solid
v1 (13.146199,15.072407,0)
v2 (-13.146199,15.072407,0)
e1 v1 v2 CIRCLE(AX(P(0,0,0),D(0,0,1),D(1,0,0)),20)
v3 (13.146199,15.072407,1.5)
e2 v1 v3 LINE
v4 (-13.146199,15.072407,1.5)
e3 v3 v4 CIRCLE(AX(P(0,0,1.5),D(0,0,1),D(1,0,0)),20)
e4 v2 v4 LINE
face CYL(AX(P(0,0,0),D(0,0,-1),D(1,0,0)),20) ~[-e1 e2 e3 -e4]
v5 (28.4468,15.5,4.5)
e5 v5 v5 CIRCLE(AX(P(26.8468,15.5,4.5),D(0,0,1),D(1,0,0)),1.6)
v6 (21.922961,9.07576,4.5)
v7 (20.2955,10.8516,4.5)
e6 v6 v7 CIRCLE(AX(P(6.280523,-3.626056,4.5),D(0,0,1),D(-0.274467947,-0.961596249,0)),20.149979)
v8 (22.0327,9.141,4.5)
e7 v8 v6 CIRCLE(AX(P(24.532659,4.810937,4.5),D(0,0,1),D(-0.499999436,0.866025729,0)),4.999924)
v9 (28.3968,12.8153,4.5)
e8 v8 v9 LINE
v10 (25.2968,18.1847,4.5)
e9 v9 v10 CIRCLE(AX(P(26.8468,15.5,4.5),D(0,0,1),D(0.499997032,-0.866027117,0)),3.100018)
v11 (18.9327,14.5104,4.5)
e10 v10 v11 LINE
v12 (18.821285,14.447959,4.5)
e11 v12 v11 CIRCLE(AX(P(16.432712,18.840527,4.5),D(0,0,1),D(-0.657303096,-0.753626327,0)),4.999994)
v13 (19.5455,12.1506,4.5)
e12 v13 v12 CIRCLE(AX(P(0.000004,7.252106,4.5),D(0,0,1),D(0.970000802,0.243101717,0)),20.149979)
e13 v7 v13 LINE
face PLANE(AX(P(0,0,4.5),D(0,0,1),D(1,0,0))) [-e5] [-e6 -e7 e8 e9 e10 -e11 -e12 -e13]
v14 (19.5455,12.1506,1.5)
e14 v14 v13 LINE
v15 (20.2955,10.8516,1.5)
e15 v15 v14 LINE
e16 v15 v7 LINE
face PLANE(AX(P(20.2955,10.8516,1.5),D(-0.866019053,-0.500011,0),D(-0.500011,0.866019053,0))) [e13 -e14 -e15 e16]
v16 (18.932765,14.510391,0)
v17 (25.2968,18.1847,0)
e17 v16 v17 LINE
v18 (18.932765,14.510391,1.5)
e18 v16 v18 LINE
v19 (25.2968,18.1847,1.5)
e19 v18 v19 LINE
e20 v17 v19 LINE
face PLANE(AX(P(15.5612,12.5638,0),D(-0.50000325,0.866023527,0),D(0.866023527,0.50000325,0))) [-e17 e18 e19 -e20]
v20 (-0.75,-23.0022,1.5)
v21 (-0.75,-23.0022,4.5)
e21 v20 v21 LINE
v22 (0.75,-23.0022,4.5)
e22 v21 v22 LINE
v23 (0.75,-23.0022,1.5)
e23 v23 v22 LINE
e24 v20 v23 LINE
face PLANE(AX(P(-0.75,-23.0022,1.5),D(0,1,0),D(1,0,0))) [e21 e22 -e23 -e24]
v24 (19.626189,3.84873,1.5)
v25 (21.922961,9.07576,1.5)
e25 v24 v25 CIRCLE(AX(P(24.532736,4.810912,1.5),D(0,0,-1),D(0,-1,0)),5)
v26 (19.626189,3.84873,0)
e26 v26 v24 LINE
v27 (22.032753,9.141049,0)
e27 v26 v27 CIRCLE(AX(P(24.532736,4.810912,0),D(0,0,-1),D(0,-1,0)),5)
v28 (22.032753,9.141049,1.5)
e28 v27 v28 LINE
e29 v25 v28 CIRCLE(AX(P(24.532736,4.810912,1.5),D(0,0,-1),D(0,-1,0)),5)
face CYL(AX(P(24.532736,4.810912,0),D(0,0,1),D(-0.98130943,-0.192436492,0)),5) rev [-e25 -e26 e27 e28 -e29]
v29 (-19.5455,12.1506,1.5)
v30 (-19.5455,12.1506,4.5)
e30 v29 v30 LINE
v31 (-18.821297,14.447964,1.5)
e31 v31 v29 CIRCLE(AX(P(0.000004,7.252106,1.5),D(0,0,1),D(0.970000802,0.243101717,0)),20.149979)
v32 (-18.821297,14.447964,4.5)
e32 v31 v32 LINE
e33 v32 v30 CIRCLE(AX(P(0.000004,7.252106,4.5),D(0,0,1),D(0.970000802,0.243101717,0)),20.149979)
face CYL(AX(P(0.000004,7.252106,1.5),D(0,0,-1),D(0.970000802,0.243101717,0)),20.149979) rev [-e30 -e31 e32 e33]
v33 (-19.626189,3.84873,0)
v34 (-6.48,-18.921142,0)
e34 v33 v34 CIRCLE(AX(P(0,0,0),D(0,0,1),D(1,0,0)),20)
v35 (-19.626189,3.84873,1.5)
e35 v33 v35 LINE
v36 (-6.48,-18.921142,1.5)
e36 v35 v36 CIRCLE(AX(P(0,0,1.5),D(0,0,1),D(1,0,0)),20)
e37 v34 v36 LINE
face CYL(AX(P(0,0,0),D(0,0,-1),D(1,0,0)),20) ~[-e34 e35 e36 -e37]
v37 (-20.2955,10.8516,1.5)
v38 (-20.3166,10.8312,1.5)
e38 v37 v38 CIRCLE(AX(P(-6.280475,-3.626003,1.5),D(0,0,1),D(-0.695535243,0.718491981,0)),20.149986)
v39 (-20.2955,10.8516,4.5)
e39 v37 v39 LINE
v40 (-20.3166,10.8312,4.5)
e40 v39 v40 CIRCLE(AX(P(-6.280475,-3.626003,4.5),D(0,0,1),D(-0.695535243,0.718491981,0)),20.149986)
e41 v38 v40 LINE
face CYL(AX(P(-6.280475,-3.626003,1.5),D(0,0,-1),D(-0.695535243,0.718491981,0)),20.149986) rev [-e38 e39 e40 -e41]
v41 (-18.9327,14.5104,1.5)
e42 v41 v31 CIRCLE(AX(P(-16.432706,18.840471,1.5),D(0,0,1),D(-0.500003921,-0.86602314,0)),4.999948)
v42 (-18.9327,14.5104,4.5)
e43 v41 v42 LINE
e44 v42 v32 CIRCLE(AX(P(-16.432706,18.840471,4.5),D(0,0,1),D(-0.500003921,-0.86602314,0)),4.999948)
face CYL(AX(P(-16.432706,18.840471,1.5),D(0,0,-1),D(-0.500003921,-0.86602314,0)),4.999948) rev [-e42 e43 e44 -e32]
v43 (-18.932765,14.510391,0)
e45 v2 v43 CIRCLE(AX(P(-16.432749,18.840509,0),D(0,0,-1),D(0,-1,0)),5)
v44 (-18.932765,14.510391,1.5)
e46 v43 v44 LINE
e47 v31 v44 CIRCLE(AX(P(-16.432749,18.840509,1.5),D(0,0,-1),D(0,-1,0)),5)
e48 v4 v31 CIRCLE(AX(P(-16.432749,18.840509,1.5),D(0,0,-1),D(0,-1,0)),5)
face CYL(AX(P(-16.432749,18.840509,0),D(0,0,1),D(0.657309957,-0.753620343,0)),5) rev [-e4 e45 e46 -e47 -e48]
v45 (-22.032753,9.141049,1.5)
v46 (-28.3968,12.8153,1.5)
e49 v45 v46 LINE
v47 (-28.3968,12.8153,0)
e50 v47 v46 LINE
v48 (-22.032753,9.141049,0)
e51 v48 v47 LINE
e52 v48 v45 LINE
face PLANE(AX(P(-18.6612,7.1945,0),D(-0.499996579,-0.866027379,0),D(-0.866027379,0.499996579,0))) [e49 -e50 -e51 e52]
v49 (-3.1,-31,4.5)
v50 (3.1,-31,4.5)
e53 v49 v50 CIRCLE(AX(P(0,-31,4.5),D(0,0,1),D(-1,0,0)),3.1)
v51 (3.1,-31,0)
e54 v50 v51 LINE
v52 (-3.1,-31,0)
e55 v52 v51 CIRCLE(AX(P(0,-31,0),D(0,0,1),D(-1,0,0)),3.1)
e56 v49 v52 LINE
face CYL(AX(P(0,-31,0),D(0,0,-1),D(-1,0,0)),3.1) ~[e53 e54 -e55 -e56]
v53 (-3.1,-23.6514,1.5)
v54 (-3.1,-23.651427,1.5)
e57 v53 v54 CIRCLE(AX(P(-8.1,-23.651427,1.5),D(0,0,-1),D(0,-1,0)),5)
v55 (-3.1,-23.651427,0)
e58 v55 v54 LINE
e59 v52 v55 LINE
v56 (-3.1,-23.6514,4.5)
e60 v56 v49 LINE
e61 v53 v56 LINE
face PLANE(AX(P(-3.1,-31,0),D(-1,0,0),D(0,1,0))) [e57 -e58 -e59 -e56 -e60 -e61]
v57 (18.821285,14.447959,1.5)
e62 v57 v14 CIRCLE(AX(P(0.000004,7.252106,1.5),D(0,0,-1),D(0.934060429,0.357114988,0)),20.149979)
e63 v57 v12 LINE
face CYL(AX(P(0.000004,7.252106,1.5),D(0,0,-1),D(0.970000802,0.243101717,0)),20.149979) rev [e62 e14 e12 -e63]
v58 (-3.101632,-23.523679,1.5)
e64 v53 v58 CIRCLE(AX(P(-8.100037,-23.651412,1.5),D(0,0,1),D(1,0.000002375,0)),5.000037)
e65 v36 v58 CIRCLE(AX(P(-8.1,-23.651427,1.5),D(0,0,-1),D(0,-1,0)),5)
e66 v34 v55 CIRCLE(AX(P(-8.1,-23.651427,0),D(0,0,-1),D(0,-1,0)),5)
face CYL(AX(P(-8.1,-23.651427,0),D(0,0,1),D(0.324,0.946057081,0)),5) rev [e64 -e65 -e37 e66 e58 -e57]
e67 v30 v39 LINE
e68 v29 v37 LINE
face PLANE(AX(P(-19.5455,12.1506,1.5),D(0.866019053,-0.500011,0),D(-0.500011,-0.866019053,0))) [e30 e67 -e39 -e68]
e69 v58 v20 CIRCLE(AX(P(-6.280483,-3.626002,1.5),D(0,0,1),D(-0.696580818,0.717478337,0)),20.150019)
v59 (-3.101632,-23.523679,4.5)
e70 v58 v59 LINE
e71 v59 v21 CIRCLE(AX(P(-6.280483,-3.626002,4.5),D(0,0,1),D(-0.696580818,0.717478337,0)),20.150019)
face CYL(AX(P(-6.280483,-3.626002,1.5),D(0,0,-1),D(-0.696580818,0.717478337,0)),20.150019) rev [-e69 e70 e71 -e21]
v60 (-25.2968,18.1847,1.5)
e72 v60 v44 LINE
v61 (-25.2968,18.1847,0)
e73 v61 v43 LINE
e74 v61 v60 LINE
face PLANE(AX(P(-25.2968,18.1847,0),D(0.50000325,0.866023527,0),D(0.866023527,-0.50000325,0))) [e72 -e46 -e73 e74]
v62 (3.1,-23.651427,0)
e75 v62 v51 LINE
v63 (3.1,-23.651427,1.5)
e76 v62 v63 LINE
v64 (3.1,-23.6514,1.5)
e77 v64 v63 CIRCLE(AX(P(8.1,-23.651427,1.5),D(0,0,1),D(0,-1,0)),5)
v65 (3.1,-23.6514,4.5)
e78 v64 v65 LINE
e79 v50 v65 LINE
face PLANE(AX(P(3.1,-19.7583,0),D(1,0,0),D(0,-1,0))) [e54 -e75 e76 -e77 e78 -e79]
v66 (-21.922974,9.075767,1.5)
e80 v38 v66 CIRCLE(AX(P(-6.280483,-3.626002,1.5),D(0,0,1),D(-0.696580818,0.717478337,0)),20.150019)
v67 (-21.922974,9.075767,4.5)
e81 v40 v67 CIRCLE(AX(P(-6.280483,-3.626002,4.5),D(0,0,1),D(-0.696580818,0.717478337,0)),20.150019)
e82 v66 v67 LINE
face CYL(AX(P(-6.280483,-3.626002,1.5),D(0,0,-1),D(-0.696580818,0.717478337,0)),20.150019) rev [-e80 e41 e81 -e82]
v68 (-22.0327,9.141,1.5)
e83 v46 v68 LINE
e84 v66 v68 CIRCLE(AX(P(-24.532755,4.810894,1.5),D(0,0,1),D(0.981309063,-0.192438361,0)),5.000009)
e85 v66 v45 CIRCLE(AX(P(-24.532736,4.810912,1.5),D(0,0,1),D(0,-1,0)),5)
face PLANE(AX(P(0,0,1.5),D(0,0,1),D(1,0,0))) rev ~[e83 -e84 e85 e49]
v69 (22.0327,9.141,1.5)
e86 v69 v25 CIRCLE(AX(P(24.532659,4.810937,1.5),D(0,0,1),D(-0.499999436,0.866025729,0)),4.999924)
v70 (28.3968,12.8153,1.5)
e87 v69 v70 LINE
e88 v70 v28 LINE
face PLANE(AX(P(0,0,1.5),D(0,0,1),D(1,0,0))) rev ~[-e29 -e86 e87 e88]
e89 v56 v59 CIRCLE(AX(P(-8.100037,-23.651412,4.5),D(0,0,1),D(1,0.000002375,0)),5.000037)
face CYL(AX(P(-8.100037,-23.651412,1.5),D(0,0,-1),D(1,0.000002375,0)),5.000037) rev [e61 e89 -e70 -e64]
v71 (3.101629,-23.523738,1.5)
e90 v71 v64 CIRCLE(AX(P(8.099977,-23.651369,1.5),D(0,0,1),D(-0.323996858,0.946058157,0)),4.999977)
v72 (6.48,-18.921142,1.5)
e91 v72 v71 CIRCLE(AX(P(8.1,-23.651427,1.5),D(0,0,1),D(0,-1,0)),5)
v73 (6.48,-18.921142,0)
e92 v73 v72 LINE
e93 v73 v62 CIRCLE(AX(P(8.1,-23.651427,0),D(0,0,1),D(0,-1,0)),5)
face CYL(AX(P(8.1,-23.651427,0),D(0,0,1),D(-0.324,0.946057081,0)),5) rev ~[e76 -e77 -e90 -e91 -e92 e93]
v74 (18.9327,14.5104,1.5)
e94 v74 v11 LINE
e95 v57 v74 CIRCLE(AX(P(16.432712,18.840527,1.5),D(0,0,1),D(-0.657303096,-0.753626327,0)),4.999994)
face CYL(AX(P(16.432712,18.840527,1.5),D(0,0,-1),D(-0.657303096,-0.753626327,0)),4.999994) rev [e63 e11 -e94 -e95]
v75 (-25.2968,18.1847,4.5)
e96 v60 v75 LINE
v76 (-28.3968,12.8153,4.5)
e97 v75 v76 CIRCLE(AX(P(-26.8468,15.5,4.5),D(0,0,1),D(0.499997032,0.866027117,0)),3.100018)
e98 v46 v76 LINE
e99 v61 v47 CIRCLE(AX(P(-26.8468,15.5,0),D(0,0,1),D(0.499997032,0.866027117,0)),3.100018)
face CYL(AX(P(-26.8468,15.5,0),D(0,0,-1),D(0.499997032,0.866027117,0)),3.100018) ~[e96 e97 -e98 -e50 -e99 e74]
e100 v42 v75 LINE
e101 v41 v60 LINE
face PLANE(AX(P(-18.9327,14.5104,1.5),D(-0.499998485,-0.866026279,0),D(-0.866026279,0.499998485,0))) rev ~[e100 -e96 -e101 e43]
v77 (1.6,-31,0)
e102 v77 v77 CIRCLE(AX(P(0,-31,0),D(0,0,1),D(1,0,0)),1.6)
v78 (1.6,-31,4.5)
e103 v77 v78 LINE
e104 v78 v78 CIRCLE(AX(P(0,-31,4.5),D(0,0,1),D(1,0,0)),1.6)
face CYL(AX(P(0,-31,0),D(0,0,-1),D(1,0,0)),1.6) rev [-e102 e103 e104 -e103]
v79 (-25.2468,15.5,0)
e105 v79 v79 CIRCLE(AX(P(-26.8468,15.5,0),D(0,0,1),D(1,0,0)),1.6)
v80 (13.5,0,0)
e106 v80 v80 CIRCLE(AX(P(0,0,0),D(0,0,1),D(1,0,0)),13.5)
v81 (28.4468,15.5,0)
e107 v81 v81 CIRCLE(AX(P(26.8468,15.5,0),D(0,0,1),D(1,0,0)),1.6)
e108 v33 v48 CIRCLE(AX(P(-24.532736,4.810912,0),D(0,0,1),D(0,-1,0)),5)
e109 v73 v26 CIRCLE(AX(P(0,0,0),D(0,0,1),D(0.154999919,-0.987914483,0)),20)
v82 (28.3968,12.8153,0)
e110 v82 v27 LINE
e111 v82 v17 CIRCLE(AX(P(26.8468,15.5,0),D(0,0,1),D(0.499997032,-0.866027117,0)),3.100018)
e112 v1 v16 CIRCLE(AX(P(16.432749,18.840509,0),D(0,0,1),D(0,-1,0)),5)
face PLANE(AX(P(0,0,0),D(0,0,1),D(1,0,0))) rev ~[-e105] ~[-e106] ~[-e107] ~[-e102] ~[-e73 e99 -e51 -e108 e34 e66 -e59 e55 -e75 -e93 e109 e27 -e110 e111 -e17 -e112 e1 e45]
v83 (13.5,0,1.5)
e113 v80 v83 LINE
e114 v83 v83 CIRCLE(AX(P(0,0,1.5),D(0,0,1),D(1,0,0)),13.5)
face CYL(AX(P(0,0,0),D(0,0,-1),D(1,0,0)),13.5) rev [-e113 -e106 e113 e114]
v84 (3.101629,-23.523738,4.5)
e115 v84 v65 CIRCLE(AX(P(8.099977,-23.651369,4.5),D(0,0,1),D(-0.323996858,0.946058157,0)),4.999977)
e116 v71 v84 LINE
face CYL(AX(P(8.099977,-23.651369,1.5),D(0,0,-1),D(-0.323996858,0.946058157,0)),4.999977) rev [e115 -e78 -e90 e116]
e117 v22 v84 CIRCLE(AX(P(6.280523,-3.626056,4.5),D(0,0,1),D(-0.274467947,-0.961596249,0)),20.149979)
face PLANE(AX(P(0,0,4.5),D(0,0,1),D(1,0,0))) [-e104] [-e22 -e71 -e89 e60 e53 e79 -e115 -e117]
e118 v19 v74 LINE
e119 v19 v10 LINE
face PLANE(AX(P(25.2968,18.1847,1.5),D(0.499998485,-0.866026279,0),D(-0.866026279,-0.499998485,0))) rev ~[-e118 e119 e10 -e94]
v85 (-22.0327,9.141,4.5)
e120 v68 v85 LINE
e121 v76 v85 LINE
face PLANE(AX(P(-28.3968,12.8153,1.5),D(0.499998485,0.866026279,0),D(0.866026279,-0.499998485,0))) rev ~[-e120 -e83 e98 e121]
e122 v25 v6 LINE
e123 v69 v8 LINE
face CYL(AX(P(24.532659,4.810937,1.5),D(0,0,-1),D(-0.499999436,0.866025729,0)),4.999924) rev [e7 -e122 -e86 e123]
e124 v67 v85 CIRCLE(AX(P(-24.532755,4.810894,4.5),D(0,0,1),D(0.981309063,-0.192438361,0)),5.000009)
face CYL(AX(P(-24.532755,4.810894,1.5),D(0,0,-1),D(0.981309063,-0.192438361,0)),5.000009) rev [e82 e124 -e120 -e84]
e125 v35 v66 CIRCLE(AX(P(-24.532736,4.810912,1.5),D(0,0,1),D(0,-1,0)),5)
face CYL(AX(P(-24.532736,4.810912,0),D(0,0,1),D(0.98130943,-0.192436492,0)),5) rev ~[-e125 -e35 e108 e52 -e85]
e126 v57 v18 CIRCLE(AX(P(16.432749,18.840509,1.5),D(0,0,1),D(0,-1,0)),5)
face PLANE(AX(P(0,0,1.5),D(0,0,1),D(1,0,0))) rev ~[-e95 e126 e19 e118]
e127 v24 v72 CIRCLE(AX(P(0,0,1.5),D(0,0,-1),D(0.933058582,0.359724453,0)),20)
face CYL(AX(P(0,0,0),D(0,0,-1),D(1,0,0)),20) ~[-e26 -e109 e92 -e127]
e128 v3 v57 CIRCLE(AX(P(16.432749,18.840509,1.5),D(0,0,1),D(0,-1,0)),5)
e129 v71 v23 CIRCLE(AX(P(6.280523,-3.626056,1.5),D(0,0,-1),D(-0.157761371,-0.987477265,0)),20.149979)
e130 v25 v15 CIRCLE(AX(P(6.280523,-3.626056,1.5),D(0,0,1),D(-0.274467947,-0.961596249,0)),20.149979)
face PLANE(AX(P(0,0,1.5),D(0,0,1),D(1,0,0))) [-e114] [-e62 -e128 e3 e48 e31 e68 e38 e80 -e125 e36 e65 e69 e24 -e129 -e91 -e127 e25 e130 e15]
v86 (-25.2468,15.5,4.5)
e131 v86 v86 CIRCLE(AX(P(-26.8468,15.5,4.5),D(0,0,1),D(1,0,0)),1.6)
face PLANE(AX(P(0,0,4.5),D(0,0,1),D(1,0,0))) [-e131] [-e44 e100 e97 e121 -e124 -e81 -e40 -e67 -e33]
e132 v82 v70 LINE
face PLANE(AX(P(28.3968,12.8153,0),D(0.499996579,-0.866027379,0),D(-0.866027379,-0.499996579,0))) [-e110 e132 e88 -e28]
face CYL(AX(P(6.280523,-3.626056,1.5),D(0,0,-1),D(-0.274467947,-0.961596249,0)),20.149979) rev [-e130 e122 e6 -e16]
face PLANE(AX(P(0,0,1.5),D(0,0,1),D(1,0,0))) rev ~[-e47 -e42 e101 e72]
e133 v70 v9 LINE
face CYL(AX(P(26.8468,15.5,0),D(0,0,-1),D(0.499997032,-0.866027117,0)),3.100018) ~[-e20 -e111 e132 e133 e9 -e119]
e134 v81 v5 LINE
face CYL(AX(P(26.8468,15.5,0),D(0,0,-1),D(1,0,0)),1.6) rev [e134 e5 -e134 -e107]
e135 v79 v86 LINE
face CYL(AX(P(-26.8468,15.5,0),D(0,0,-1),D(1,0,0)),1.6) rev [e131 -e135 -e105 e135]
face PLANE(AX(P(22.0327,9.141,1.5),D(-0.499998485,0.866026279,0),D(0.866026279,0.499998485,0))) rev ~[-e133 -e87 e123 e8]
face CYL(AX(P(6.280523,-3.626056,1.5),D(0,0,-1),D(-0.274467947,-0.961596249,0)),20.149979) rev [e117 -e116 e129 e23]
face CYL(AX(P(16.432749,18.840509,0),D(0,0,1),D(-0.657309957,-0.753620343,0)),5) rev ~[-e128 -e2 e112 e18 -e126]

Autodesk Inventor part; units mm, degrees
ref_plane "YZ Plane" through (0, 0, 0) normal (1, 0, 0) x (0, 1, 0)
ref_plane "XZ Plane" through (0, 0, 0) normal (0, 1, 0) x (-1, 0, 0)
ref_plane "XY Plane" through (0, 0, 0) normal (0, 0, 1) x (1, 0, 0)
sketch "Sketch1" plane through (0, 0, 0) normal (0, 0, 1) x (1, 0, 0)
  circle A0 centre (0, -31) radius 1.6
  circle A1 centre (0, 0) radius 13.5
  circle A2 centre (0, 0) radius 20
  line L0 (0, 0) -> (0, -31) construction
  line L1 (0, -31) -> (0, -7.0396) construction
  line L2 (-3.1, -31) -> (-3.1, -19.7583)
  arc A3 (-3.1, -31) -> (3.1, -31) centre (0, -31) ccw
  line L3 (3.1, -19.7583) -> (3.1, -31)
  circle A4 centre (26.8468, 15.5) radius 1.6
  line L4 (0, 0) -> (26.8468, 15.5) construction
  line L5 (26.8468, 15.5) -> (6.0965, 3.5198) construction
  line L6 (28.3968, 12.8153) -> (18.6612, 7.1945)
  arc A5 (28.3968, 12.8153) -> (25.2968, 18.1847) centre (26.8468, 15.5) ccw
  line L7 (15.5612, 12.5638) -> (25.2968, 18.1847)
  circle A6 centre (-26.8468, 15.5) radius 1.6
  line L8 (0, 0) -> (-26.8468, 15.5) construction
  line L9 (-26.8468, 15.5) -> (-6.0965, 3.5198) construction
  line L10 (-25.2968, 18.1847) -> (-15.5612, 12.5638)
  arc A7 (-25.2968, 18.1847) -> (-28.3968, 12.8153) centre (-26.8468, 15.5) ccw
  line L11 (-18.6612, 7.1945) -> (-28.3968, 12.8153)
  point P0 (18.6612, 7.1945)
  point P1 (15.5612, 12.5638)
  dimension "d4" = 31
  dimension "d5" = 3.2
  dimension "d6" = 27
  dimension "d7" = 40
  dimension "d8" = 1.5
  dimension "d11" = 360
extrude "Extrusion1" add sketch "Sketch1" along normal blind 1.5
fillet "Fillet1" radius 5 6 edges at (-15.5612, 12.5638, 0.75) (15.5612, 12.5638, 0.75) (18.6612, 7.1945, 0.75) (-18.6612, 7.1945, 0.75) (-3.1, -19.7583, 0.75) (3.1, -19.7583, 0.75)
sketch "Sketch2" plane through (0, 0, 1.5) normal (0, 0, 1) x (1, 0, 0)
  arc A0 (-20.2121, 10.7235) -> (-0.8192, -22.866) centre (-6.2805, -3.626) ccw construction
  arc A1 (0.8192, -22.866) -> (20.2121, 10.7235) centre (6.2805, -3.626) ccw construction
  circle A2 centre (0, 0) radius 13.5 construction
  arc A3 (-20.3166, 10.8312) -> (-0.75, -23.0022) centre (-6.2805, -3.626) ccw
  arc A4 (0.75, -23.0022) -> (19.7139, 11.3928) centre (6.2805, -3.626) ccw
  line L0 (-0.75, -23.0022) -> (0.75, -23.0022)
  line L1 (25.2968, 18.1847) -> (18.9327, 14.5104) projected
  arc A5 (13.1462, 15.0724) -> (18.9327, 14.5104) centre (16.4327, 18.8405) ccw projected
  arc A6 (13.1462, 15.0724) -> (-13.1462, 15.0724) centre (0, 0) ccw projected
  arc A7 (-18.9327, 14.5104) -> (-13.1462, 15.0724) centre (-16.4327, 18.8405) ccw projected
  line L2 (-18.9327, 14.5104) -> (-25.2968, 18.1847) projected
  arc A8 (-25.2968, 18.1847) -> (-28.3968, 12.8153) centre (-26.8468, 15.5) ccw projected
  line L3 (-28.3968, 12.8153) -> (-22.0327, 9.141) projected
  arc A9 (-19.6262, 3.8487) -> (-22.0327, 9.141) centre (-24.5327, 4.8109) ccw projected
  arc A10 (-19.6262, 3.8487) -> (-6.48, -18.9211) centre (0, 0) ccw projected
  arc A11 (-3.1, -23.6514) -> (-6.48, -18.9211) centre (-8.1, -23.6514) ccw projected
  line L4 (-3.1, -23.6514) -> (-3.1, -31) projected
  arc A12 (-3.1, -31) -> (3.1, -31) centre (0, -31) ccw projected
  line L5 (3.1, -31) -> (3.1, -23.6514) projected
  arc A13 (6.48, -18.9211) -> (3.1, -23.6514) centre (8.1, -23.6514) ccw projected
  arc A14 (6.48, -18.9211) -> (19.6262, 3.8487) centre (0, 0) ccw projected
  arc A15 (22.0327, 9.141) -> (19.6262, 3.8487) centre (24.5327, 4.8109) ccw projected
  line L6 (22.0327, 9.141) -> (28.3968, 12.8153) projected
  arc A16 (28.3968, 12.8153) -> (25.2968, 18.1847) centre (26.8468, 15.5) ccw projected
  circle A17 centre (0, -31) radius 1.6 projected
  circle A18 centre (0, 0) radius 13.5 projected
  circle A19 centre (26.8468, 15.5) radius 1.6 projected
  circle A20 centre (-26.8468, 15.5) radius 1.6 projected
  arc A21 (19.5455, 12.1506) -> (-19.7234, 11.3763) centre (0, 7.2521) ccw
  arc A22 (0.7782, -23.0103) -> (20.2955, 10.8516) centre (6.2805, -3.626) ccw
  line L7 (20.2955, 10.8516) -> (19.5455, 12.1506)
  arc A23 (-20.2955, 10.8516) -> (0.0095, -22.7691) centre (-6.2805, -3.626) ccw
  arc A24 (19.5383, 12.1791) -> (-19.5455, 12.1506) centre (0, 7.2521) ccw
  line L8 (-19.5455, 12.1506) -> (-20.2955, 10.8516)
  point P0 (3.1016, -23.5237)
  point P1 (-3.1016, -23.5237)
  point P2 (18.8213, 14.4479)
  point P3 (20.2955, 10.8516)
  point P4 (21.9229, 9.0758)
  point P5 (-21.9229, 9.0758)
  point P6 (-20.3166, 10.8312)
  point P7 (-19.5455, 12.1506)
  point P8 (-18.8213, 14.4479)
  dimension "d16" = 0.15
  dimension "d17" = 0.15
  dimension "d18" = 1.5
  dimension "d21" = 360
extrude "Extrusion2" add sketch "Sketch2" along normal blind 3 contours A3 A9 L3 A8 L2 A7 A21 L8 A23 | A3 L0 A4 A13 L5 A12 L4 A11 | A5 L1 A16 L6 A15 A4 L7 A21
properties part number "Bracket"
